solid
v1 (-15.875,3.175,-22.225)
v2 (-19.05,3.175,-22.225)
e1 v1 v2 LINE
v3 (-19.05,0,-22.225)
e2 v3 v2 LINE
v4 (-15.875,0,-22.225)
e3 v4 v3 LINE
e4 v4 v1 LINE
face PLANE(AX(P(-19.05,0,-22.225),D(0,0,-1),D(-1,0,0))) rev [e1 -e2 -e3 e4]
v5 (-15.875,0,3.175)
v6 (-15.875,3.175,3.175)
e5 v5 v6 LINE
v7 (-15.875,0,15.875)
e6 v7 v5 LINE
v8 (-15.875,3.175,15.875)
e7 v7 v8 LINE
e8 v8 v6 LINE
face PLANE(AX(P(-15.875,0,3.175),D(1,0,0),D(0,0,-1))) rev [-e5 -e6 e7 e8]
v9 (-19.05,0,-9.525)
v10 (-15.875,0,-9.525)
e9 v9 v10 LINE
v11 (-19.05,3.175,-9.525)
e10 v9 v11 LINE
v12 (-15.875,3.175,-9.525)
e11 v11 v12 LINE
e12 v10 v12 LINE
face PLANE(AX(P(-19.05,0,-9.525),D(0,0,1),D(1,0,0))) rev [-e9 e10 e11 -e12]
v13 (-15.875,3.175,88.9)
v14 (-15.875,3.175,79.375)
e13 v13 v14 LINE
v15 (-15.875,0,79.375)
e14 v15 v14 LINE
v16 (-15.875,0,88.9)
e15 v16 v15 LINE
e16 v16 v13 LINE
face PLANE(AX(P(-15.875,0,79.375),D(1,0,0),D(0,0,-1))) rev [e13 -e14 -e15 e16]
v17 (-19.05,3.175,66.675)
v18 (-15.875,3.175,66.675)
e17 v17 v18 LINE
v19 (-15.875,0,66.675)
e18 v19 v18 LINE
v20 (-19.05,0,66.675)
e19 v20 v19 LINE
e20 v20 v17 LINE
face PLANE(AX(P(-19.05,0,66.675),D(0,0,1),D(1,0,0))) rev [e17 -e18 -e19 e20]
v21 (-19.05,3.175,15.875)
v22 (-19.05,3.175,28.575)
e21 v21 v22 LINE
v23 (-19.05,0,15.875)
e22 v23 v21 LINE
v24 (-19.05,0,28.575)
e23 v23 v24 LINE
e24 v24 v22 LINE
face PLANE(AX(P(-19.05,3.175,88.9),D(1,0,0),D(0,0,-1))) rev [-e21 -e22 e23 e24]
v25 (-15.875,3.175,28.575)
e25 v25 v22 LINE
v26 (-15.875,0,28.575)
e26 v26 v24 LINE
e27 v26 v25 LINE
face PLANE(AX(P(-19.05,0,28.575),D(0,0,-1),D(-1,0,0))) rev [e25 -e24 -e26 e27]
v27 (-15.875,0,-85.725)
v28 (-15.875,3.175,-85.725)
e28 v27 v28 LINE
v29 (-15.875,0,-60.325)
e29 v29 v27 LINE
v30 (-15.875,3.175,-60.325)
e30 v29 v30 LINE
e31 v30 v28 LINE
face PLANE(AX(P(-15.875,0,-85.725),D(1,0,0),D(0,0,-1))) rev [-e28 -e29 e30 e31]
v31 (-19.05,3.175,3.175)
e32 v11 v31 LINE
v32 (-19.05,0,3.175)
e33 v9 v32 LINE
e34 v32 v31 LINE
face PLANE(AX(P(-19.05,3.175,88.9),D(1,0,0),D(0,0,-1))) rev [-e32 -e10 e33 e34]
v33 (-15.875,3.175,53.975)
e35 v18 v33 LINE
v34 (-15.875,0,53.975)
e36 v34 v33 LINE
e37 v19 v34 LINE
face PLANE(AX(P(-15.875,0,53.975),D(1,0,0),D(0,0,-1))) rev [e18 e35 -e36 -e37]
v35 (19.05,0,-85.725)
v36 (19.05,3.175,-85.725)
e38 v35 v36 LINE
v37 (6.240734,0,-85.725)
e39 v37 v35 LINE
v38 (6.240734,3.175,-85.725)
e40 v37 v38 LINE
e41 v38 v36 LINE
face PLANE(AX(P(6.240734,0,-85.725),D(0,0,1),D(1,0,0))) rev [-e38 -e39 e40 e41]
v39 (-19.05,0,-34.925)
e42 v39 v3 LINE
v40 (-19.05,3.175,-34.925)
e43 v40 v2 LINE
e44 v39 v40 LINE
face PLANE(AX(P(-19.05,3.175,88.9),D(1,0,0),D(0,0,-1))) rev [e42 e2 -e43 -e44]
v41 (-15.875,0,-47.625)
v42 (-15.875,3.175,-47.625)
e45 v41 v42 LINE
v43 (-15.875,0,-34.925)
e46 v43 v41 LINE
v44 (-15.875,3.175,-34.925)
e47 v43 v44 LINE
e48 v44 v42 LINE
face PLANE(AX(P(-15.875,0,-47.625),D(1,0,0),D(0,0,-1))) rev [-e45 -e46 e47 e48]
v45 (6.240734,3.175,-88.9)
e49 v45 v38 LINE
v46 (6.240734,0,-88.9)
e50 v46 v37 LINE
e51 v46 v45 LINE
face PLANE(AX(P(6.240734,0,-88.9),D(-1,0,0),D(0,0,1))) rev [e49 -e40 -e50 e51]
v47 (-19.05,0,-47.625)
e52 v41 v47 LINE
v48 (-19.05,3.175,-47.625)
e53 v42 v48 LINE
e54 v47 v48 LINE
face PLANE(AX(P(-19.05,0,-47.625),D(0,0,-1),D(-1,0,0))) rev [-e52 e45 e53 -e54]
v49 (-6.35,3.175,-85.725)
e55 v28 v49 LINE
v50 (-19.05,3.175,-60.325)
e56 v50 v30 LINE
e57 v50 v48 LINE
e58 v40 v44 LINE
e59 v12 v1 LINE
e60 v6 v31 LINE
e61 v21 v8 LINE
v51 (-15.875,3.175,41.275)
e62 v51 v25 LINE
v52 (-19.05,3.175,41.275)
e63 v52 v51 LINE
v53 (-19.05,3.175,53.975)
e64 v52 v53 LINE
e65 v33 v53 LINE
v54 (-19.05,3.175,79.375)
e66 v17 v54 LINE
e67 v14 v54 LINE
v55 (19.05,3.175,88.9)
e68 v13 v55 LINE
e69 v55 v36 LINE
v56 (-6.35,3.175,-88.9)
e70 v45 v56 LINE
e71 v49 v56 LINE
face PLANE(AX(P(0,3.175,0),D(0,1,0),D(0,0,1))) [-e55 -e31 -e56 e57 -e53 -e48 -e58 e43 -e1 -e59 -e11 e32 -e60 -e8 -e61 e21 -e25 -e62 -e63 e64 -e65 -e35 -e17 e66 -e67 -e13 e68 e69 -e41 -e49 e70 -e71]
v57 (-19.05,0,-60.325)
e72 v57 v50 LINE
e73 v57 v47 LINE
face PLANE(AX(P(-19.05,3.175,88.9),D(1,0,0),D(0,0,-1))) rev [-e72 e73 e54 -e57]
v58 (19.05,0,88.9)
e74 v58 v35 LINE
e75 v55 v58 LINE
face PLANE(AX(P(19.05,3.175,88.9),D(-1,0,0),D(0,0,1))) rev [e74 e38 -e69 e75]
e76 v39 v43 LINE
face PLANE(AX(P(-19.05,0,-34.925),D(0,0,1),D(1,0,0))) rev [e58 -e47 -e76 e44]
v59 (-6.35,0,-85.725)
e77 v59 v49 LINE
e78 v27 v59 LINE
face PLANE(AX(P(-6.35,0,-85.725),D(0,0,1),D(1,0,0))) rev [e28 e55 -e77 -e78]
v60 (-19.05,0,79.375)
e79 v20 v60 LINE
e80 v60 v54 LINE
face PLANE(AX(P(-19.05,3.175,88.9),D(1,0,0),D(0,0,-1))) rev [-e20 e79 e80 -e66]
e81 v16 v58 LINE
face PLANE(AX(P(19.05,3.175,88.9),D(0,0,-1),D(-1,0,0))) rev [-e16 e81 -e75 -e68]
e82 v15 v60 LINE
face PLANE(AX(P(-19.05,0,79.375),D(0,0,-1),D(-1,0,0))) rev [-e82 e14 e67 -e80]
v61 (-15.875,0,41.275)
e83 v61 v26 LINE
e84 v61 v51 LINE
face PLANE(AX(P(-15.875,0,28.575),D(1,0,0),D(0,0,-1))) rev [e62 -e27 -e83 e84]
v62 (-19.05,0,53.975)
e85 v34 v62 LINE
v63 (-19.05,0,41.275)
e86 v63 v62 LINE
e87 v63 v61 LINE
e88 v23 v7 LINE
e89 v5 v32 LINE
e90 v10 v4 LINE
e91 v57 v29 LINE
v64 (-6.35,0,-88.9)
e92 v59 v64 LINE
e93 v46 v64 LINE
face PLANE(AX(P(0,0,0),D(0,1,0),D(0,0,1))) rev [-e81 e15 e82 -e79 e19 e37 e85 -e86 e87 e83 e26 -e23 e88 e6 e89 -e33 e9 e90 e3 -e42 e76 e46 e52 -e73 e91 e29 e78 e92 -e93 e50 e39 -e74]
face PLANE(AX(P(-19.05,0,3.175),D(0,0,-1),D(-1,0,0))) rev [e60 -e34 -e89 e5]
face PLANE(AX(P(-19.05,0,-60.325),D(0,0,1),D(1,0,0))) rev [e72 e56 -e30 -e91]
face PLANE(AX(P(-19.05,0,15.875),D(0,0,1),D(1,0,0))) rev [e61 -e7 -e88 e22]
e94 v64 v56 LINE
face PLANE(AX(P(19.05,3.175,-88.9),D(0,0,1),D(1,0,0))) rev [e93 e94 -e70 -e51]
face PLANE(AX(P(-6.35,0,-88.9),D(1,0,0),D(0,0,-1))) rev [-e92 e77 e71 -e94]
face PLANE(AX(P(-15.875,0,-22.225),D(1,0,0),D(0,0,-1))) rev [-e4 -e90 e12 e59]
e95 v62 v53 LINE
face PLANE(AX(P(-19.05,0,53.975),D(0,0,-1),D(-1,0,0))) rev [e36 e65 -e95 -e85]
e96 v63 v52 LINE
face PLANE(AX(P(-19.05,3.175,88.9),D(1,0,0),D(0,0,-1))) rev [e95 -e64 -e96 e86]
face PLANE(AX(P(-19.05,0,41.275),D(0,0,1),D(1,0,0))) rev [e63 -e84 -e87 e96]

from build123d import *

# Parameters (mm, degrees)
SKETCH1_W           = 38.1
SKETCH1_H           = 177.8
BOSS_EXTRUDE1_DEPTH = 3.175
SKETCH2_W           = 3.175
SKETCH2_H           = 12.7
SKETCH2_H_2         = 9.525
SKETCH2_W_2         = 12.809265573
SKETCH2_H_3         = 3.175
CUT_EXTRUDE1_DEPTH  = 3.175


with BuildPart() as part:
    # Sketch1 → Boss-Extrude1 (new body)
    with BuildSketch(Plane(origin=(0, 0, 0), x_dir=(1, 0, 0), z_dir=(0, 1, 0))):
        Rectangle(SKETCH1_W, SKETCH1_H)
    extrude(amount=BOSS_EXTRUDE1_DEPTH)

    # Sketch2 → Cut-Extrude1 (cut)
    with BuildSketch(Plane(origin=(0, 3.175, 0), x_dir=(1, 0, 0), z_dir=(0, 1, 0))):
        Polygon((-6.35, 88.9), (-6.35, 85.725), (-15.875, 85.725), (-15.875, 60.325), (-19.05, 60.325), (-19.05, 88.9), (-15.875, 88.9), align=None)
        with Locations((-17.4625, 15.875)):
            Rectangle(SKETCH2_W, SKETCH2_H)
        with Locations((-17.4625, 41.275)):
            Rectangle(SKETCH2_W, SKETCH2_H)
        with Locations((-17.4625, -9.525)):
            Rectangle(SKETCH2_W, SKETCH2_H)
        with Locations((-17.4625, -34.925)):
            Rectangle(SKETCH2_W, SKETCH2_H)
        with Locations((-17.4625, -60.325)):
            Rectangle(SKETCH2_W, SKETCH2_H)
        with Locations((-17.4625, -84.1375)):
            Rectangle(SKETCH2_W, SKETCH2_H_2)
        with Locations((12.645367214, 87.3125)):
            Rectangle(SKETCH2_W_2, SKETCH2_H_3)
    extrude(amount=-CUT_EXTRUDE1_DEPTH, mode=Mode.SUBTRACT)


solid = part.part
